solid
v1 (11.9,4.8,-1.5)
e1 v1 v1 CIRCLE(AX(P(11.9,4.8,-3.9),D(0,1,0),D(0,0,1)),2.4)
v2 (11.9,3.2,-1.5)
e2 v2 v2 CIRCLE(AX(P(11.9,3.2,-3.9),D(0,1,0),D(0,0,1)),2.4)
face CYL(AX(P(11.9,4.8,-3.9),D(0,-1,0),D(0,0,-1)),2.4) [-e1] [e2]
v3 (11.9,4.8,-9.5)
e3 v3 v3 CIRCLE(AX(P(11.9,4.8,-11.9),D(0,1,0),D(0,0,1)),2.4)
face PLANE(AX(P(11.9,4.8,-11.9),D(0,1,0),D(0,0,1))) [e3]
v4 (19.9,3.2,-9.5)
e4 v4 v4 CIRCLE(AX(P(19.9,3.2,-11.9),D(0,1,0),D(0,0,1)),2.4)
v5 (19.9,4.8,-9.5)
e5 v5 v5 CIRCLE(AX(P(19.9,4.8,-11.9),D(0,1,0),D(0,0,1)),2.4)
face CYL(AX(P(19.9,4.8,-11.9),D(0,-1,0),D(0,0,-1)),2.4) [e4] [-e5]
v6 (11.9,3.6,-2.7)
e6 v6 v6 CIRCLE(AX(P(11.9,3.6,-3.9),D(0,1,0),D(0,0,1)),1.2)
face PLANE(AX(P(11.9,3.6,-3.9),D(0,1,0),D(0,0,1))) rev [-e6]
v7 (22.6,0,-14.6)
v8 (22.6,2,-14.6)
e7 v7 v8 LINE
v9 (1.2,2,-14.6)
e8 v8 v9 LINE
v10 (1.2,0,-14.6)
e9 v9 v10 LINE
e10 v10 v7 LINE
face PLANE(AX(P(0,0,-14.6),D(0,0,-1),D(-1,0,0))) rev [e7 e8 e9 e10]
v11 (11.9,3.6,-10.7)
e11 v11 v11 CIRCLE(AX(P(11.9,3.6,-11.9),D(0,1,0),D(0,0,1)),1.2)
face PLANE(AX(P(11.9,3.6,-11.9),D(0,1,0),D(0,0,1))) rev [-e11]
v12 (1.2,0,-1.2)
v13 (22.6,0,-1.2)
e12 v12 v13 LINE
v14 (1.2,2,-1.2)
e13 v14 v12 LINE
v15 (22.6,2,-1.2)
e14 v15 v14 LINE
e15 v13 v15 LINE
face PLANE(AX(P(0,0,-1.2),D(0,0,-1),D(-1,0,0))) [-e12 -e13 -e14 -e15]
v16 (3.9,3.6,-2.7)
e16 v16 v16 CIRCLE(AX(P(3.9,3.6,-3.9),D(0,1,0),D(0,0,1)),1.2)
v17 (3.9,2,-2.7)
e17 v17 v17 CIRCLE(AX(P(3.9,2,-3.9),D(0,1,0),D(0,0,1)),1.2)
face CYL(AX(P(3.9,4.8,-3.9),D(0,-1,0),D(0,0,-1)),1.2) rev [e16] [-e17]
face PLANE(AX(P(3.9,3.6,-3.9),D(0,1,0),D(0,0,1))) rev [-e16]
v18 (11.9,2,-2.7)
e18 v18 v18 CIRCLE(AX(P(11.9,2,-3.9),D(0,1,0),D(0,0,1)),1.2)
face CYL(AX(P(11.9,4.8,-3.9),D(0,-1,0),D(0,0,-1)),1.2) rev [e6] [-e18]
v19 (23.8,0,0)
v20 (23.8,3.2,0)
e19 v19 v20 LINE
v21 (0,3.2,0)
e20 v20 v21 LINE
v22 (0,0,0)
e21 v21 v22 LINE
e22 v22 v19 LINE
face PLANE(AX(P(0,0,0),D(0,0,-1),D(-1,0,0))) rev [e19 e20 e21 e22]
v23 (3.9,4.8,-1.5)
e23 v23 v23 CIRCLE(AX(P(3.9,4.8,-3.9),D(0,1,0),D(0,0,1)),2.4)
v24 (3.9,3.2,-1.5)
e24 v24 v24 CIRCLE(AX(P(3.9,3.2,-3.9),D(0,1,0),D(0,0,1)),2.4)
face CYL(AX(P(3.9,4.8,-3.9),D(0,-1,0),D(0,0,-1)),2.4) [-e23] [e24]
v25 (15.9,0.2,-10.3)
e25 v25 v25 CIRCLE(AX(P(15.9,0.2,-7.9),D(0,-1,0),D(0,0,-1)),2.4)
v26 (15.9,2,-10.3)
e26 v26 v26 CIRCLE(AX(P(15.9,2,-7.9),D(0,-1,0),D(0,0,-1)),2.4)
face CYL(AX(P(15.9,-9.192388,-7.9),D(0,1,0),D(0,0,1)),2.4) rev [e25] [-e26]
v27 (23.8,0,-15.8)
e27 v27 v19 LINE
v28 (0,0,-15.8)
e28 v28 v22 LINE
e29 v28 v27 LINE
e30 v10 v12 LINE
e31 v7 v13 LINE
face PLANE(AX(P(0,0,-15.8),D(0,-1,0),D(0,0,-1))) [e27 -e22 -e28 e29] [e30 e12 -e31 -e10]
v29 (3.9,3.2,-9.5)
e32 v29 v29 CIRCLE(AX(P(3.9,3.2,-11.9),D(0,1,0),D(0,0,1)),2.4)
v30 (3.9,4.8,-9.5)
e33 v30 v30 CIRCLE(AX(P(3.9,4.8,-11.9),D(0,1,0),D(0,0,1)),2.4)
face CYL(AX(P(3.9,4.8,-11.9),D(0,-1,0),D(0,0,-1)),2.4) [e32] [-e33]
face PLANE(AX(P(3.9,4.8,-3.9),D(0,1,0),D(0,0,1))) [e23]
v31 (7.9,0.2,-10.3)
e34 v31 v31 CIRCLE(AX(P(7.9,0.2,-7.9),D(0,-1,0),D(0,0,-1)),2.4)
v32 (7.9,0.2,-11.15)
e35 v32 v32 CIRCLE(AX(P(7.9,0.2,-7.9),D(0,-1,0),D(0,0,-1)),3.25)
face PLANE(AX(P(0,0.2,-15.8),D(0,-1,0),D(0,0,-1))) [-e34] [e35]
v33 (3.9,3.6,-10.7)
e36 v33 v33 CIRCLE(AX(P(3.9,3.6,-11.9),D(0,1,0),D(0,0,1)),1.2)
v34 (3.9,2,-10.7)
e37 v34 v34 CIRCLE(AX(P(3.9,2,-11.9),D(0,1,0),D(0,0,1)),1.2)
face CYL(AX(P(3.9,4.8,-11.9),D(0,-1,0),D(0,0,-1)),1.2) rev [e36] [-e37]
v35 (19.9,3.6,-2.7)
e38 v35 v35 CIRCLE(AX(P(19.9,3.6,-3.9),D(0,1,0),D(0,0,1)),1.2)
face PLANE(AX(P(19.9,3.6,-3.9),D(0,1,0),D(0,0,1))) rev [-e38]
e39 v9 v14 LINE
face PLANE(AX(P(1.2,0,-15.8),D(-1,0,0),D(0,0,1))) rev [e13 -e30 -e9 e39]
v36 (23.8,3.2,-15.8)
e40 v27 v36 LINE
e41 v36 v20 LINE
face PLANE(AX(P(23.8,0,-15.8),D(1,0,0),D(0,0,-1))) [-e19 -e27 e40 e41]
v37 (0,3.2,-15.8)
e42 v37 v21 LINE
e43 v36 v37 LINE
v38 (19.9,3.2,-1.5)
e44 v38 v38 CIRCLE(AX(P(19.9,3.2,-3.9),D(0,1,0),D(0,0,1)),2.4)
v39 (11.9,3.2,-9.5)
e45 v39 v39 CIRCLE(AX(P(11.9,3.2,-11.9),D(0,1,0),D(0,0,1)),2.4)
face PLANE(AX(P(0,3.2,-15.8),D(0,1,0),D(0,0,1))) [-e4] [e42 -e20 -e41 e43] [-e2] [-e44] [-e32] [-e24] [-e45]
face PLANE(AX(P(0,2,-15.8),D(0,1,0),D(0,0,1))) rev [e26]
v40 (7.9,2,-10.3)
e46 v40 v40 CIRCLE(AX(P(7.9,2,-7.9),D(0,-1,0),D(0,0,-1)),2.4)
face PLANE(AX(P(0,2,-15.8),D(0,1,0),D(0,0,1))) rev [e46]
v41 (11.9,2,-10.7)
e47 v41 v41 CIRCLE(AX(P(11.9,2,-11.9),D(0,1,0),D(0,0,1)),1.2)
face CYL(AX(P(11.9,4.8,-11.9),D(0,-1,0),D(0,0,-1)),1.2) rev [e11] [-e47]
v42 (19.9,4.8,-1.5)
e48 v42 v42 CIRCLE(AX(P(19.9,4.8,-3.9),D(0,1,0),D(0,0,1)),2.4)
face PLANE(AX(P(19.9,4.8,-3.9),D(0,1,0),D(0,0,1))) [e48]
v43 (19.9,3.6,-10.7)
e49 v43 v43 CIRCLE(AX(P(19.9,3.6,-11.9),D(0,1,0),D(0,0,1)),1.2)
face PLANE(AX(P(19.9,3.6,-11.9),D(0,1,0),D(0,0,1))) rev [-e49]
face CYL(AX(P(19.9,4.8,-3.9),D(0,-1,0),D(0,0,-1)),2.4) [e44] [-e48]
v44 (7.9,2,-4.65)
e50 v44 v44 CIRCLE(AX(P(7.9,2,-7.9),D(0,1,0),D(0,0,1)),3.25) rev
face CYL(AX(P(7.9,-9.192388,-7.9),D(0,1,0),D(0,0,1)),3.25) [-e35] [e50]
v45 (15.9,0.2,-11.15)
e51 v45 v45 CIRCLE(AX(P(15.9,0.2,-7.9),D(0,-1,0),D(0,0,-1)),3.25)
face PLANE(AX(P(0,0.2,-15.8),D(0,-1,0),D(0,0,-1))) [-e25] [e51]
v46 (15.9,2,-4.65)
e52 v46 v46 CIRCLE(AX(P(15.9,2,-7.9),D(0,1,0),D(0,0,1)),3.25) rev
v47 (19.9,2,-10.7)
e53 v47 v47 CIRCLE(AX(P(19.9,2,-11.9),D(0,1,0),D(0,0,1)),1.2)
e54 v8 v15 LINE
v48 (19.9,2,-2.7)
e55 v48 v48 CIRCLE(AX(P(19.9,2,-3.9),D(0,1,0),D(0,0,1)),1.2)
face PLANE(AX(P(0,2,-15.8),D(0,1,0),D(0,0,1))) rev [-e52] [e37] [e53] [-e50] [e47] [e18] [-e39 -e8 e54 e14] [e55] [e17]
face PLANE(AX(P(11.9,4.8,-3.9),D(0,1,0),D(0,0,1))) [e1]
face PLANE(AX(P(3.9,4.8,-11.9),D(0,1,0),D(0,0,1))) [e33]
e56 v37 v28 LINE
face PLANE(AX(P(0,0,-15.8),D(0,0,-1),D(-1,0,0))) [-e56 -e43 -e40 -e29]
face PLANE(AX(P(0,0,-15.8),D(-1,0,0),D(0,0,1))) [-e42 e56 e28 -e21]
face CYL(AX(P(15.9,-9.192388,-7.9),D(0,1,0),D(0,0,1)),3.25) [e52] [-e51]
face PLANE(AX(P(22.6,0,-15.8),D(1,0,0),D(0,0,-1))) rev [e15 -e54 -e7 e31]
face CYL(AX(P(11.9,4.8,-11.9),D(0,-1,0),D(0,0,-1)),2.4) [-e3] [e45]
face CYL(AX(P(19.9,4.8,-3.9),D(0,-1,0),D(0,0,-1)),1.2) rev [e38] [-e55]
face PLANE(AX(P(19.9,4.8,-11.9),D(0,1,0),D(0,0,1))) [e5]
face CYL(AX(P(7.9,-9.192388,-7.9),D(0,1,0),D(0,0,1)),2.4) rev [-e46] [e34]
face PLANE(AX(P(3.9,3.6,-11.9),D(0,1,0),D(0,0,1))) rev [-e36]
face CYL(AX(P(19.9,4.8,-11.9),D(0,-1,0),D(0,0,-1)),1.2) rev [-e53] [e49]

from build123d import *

# Parameters (mm, degrees)
SKETCH1_W            = 23.8
SKETCH1_H            = 3.2
BOSS_EXTRUDE1_DEPTH  = 15.8
SKETCH2_R            = 2.4
BOSS_EXTRUDE2_DEPTH  = 1.6
LPATTERN1_COUNT      = 2
LPATTERN1_PITCH      = 8
LPATTERN1_COUNT_DIR2 = 6
LPATTERN1_PITCH_DIR2 = 8
SHELL1_T             = -1.2
SKETCH3_R            = 3.25
SKETCH3_R_2          = 2.4
BOSS_EXTRUDE3_DEPTH  = 1.8
LPATTERN2_COUNT      = 2
LPATTERN2_PITCH      = 8


with BuildPart() as part:
    # Sketch1 → Boss-Extrude1 (new body)
    with BuildSketch(Plane.XY):
        with Locations((11.9, 1.6)):
            Rectangle(SKETCH1_W, SKETCH1_H)
    extrude(amount=-BOSS_EXTRUDE1_DEPTH)

    # Sketch2 → Boss-Extrude2 (add)
    with BuildSketch(Plane(origin=(0, 3.2, 0), x_dir=(1, 0, 0), z_dir=(0, 1, 0))):
        with Locations(Location((3.9, 3.9, 0), (0, 0, 270))):
            Circle(SKETCH2_R)
    boss_extrude2 = extrude(amount=BOSS_EXTRUDE2_DEPTH)

    # LPattern1: Boss-Extrude2 2 × 6, 6 skipped
    with Locations(*[(j * LPATTERN1_PITCH_DIR2, 0, -i * LPATTERN1_PITCH) for i in range(LPATTERN1_COUNT) for j in range(LPATTERN1_COUNT_DIR2) if (i, j) not in ((0, 0), (0, 3), (0, 4), (0, 5), (1, 3), (1, 4), (1, 5))]):
        add(boss_extrude2)

    # Shell1
    shell1_openings = [part.faces().sort_by_distance(p)[0] for p in [
        (11.9, 0, -7.9),
    ]]
    offset(amount=SHELL1_T, openings=shell1_openings, kind=Kind.INTERSECTION)

    # Sketch3 → Boss-Extrude3 (add)
    with BuildSketch(Plane.XZ.offset(-2)):
        with Locations(Location((7.9, -7.9, 0), (0, 0, 90))):
            Circle(SKETCH3_R)
        with Locations(Location((7.9, -7.9, 0), (0, 0, 270))):
            Circle(SKETCH3_R_2, mode=Mode.SUBTRACT)
    boss_extrude3 = extrude(amount=BOSS_EXTRUDE3_DEPTH)

    # LPattern2: Boss-Extrude3 ×2
    with Locations(*[(i * LPATTERN2_PITCH, 0, 0) for i in range(1, LPATTERN2_COUNT)]):
        add(boss_extrude3)


solid = part.part
